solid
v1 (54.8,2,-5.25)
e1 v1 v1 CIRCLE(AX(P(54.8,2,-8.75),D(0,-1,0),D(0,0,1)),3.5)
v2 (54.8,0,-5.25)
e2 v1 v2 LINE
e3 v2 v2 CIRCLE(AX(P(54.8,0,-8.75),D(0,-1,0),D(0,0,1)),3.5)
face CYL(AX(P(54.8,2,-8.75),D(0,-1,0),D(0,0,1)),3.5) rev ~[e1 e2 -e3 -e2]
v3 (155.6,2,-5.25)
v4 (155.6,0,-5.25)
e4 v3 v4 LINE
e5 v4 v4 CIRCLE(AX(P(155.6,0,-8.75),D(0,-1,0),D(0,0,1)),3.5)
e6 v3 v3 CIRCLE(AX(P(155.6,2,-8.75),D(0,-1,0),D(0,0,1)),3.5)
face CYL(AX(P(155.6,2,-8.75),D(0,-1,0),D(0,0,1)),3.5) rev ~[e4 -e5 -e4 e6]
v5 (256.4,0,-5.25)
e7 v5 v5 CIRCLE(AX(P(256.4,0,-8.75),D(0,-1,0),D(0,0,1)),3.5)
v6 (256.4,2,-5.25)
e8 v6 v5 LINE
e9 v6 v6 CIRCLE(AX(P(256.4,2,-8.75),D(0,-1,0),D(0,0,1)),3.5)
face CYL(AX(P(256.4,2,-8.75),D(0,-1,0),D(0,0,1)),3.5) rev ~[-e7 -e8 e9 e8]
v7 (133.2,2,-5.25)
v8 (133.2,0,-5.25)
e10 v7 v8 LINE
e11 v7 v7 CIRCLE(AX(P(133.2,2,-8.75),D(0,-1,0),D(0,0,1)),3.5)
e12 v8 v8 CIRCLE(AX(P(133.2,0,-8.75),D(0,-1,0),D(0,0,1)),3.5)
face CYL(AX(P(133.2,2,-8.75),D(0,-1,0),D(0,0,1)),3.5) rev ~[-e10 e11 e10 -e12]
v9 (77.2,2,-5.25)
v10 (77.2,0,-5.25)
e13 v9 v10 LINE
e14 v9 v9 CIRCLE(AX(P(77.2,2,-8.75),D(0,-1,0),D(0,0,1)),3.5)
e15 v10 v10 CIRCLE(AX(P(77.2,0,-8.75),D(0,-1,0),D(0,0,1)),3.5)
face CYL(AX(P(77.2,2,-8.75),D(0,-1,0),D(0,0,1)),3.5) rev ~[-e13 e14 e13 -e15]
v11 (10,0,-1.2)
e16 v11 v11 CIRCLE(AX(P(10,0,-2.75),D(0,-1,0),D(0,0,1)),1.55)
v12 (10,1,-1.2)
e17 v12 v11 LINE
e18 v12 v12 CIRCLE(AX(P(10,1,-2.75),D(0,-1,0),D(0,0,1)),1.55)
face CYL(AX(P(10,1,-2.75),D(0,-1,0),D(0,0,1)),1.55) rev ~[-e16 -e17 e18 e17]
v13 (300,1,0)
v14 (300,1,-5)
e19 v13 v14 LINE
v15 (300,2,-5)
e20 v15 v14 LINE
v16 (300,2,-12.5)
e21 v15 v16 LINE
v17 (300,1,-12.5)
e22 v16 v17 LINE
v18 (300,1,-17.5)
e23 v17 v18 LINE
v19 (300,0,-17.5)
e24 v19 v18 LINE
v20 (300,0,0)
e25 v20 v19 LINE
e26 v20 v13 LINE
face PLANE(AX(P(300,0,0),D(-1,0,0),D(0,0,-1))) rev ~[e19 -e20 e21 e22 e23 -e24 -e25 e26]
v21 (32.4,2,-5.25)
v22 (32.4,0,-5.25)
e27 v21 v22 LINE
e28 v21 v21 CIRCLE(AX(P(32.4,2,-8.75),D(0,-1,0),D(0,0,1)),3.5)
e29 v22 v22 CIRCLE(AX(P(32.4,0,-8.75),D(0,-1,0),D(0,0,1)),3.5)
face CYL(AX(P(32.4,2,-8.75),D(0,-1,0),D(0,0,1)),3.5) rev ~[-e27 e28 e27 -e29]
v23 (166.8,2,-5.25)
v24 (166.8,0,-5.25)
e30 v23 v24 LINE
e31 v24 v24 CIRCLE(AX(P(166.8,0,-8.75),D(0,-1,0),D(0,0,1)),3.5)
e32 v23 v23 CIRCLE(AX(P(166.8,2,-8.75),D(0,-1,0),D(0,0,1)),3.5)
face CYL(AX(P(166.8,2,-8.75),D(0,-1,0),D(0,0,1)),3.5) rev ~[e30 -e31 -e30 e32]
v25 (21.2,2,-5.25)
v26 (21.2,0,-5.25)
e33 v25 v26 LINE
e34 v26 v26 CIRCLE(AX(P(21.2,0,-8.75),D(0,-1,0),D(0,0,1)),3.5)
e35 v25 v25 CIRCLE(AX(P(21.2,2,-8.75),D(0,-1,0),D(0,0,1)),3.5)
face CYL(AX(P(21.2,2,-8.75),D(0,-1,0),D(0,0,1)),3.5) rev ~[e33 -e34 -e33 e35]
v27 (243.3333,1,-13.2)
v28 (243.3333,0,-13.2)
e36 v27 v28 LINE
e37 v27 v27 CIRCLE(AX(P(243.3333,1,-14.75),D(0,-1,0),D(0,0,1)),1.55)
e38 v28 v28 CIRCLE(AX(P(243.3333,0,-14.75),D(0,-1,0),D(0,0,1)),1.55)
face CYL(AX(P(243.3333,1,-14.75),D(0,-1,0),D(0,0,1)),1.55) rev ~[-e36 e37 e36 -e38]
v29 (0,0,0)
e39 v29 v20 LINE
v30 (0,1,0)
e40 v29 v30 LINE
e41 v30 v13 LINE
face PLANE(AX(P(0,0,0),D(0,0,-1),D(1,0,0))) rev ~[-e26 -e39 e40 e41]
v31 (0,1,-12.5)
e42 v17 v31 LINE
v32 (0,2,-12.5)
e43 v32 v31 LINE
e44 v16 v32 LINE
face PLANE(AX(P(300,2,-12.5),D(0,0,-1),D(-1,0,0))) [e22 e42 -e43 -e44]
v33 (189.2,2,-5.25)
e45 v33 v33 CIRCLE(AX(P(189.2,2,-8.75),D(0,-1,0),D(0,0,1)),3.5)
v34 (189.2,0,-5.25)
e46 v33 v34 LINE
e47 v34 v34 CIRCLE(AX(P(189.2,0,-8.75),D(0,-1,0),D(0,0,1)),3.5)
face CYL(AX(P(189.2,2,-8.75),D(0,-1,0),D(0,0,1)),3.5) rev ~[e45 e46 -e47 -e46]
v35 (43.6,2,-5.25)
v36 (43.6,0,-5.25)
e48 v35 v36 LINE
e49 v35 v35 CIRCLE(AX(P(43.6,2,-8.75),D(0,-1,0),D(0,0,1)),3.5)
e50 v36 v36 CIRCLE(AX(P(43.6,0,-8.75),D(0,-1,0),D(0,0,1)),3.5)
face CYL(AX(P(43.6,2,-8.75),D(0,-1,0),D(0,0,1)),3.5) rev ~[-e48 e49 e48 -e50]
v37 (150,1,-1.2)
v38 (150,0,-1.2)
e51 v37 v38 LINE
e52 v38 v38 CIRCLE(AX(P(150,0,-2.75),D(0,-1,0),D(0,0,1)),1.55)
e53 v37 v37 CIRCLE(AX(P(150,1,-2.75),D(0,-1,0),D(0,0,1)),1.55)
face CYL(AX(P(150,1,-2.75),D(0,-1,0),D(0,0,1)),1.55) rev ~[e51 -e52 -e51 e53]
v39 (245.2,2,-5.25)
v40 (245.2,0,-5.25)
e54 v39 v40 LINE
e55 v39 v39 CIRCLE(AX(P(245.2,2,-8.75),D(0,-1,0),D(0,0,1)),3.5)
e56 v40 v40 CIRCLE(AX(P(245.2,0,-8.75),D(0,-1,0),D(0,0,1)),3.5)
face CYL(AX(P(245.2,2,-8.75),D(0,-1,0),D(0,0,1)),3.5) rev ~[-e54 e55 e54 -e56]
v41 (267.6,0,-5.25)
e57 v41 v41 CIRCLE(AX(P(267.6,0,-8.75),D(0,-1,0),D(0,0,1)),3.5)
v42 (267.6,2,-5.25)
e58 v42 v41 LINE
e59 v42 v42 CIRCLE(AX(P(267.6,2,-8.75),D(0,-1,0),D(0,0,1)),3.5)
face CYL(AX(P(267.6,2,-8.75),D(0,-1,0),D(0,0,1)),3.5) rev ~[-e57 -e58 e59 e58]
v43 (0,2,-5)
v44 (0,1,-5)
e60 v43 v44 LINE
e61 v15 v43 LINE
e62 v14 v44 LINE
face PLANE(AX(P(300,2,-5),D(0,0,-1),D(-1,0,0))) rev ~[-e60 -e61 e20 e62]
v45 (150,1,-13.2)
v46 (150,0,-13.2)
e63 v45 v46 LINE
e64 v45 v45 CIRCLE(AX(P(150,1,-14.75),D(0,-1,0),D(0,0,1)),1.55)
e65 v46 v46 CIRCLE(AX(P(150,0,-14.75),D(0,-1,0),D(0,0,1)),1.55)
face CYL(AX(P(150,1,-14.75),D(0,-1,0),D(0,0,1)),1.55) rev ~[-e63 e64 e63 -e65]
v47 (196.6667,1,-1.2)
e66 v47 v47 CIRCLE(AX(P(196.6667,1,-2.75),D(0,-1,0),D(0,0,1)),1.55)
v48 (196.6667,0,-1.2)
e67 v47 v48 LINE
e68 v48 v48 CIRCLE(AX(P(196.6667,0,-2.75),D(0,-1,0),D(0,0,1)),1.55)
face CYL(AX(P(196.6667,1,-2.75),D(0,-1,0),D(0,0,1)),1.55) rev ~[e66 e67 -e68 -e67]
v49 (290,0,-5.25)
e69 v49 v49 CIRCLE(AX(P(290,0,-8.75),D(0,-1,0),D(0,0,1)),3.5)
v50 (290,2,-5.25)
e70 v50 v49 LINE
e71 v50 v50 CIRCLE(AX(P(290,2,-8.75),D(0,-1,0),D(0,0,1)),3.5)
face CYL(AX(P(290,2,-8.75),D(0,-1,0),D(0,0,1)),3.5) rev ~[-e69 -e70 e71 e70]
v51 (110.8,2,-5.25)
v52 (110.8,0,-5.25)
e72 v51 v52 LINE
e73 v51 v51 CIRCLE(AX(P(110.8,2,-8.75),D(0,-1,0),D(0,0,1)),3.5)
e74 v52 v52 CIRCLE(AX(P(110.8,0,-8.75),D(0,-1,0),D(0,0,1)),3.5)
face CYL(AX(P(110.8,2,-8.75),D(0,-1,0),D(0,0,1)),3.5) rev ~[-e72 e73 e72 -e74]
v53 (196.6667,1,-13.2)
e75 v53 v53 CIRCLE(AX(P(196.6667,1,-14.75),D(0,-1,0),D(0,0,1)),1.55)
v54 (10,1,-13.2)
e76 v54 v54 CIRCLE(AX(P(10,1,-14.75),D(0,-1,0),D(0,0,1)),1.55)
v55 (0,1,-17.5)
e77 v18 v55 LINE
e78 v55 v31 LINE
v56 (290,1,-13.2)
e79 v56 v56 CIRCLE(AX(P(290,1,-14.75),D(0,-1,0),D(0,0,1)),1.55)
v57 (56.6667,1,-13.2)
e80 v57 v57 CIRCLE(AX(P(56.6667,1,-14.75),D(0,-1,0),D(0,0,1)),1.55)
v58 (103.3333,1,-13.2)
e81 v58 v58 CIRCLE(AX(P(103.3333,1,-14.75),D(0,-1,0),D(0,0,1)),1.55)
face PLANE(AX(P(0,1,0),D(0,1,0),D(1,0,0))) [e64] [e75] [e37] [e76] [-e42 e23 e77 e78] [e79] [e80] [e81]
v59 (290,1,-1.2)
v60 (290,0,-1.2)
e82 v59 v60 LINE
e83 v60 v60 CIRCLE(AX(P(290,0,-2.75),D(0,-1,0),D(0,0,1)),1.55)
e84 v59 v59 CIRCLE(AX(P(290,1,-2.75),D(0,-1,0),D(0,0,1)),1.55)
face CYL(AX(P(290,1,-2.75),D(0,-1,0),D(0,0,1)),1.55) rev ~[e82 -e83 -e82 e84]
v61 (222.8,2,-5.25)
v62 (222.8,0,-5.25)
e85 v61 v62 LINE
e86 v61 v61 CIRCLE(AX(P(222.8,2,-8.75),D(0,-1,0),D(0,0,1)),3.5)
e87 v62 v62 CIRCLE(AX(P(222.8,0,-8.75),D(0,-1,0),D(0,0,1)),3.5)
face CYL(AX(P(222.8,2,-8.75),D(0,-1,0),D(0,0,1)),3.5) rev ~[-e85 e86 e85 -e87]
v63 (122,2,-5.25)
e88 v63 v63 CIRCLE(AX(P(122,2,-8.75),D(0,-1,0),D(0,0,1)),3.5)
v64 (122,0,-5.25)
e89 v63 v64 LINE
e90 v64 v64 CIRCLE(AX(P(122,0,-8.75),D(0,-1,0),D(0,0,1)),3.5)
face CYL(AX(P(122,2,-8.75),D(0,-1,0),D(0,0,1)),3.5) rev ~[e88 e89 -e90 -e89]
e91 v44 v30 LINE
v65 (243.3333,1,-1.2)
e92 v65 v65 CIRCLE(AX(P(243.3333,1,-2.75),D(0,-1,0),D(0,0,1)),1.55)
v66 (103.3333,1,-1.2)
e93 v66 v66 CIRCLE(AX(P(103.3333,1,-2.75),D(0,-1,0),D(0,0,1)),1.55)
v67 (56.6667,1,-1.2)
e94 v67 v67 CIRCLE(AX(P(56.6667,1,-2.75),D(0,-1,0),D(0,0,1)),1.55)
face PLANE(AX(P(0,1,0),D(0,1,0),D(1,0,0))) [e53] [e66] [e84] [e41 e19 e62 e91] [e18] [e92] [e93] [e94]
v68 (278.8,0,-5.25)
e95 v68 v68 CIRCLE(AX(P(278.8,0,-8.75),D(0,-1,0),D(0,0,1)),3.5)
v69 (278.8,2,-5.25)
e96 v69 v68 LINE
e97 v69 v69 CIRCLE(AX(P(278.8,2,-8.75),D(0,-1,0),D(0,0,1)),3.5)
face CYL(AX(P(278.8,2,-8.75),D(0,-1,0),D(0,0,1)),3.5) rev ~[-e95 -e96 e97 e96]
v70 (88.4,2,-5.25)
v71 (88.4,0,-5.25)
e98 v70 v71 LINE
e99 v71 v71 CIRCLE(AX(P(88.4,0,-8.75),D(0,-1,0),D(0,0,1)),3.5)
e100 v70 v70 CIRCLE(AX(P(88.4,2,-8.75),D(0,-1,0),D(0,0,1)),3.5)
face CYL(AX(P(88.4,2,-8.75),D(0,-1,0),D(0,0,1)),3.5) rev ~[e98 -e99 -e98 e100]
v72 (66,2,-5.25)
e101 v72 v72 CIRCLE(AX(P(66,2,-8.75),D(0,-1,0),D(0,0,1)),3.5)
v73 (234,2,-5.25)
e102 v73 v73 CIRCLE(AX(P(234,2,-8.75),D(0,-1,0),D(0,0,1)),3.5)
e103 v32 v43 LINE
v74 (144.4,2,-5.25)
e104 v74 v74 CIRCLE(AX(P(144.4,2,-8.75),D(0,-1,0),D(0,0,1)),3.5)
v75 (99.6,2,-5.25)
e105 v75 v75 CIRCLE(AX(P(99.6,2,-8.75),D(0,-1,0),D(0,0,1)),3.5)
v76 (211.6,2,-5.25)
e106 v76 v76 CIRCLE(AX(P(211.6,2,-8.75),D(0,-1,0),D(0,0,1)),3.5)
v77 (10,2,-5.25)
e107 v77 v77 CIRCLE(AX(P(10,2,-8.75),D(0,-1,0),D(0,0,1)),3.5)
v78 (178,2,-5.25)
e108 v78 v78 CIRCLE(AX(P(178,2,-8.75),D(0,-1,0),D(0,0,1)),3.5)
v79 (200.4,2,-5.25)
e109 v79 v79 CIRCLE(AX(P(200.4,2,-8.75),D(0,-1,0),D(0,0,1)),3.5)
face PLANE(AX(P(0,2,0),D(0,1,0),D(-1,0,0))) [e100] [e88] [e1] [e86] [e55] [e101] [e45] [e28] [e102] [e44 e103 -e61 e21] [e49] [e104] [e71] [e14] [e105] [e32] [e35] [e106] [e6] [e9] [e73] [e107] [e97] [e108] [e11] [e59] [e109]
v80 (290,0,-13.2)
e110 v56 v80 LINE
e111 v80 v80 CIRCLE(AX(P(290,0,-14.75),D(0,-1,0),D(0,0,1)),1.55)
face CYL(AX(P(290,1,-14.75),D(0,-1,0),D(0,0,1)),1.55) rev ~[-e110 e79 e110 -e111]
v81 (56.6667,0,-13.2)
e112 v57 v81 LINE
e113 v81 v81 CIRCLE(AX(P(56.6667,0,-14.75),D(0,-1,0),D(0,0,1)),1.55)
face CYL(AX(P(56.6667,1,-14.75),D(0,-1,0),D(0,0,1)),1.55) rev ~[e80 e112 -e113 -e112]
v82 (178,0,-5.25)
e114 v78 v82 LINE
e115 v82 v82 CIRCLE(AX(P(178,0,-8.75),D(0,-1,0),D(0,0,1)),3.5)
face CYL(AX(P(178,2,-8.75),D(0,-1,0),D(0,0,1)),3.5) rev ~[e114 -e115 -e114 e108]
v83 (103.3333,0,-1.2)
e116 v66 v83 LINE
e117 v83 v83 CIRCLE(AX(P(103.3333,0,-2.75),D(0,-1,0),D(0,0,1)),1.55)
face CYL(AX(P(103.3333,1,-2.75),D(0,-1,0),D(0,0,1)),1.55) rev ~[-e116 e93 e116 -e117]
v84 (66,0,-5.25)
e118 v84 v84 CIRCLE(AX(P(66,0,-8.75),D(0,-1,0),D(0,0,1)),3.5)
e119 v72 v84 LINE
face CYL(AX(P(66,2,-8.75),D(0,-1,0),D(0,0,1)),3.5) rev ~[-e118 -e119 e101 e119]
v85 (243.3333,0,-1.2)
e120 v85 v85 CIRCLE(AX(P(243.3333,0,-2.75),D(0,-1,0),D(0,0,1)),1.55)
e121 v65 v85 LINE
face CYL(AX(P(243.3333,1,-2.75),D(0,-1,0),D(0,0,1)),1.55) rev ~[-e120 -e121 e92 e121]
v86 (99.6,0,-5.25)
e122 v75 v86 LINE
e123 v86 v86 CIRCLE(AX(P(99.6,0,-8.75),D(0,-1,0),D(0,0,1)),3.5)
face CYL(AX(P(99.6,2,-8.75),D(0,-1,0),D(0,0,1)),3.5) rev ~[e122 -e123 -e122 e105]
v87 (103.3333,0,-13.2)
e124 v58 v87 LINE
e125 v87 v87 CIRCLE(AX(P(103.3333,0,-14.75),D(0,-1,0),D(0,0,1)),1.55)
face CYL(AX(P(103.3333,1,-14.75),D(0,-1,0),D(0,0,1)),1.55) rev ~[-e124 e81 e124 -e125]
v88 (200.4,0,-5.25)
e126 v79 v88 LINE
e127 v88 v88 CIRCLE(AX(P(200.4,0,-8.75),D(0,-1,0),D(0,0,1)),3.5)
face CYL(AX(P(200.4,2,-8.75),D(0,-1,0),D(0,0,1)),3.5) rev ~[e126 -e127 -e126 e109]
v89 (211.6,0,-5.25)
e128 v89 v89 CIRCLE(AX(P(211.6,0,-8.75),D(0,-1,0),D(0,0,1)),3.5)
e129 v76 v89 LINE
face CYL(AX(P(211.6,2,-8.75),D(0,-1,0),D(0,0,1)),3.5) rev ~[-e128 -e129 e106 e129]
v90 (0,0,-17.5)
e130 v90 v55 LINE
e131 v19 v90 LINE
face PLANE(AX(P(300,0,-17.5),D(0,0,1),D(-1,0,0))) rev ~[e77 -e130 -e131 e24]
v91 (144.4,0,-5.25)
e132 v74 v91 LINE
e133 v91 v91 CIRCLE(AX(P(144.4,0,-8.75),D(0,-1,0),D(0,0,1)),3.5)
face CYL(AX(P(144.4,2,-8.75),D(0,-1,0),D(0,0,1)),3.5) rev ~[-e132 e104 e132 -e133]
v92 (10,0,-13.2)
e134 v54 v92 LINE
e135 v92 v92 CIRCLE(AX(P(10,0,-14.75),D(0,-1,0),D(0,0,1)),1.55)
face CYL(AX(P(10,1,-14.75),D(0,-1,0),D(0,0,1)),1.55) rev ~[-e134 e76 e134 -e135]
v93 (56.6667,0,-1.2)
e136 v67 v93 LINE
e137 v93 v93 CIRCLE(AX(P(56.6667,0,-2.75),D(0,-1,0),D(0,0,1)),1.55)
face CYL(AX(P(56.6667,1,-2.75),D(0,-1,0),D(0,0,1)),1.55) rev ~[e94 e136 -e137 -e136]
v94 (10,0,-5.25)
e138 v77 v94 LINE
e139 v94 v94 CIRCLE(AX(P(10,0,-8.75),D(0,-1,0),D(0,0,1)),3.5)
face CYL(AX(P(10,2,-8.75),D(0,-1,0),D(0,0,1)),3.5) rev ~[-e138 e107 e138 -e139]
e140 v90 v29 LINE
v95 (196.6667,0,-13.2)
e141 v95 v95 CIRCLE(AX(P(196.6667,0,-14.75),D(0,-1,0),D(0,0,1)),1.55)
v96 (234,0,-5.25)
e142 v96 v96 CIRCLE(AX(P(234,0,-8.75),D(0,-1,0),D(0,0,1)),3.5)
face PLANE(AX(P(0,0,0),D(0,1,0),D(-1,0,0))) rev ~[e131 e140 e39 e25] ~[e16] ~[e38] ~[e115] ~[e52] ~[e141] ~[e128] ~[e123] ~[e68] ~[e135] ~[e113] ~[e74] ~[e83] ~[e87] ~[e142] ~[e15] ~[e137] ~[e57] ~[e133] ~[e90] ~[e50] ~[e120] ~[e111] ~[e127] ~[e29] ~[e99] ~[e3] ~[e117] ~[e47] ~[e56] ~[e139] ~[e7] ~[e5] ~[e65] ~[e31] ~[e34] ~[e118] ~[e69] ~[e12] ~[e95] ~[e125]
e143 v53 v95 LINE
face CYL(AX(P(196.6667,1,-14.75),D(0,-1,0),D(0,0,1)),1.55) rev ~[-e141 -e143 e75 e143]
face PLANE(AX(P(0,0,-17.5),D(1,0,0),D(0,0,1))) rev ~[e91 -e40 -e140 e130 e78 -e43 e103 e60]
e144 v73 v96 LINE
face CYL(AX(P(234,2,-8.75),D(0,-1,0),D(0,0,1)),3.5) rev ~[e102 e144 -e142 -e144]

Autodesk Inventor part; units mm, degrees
ref_plane "YZ Plane" through (0, 0, 0) normal (1, 0, 0) x (0, 1, 0)
ref_plane "XZ Plane" through (0, 0, 0) normal (0, 1, 0) x (-1, 0, 0)
ref_plane "XY Plane" through (0, 0, 0) normal (0, 0, 1) x (1, 0, 0)
sketch "スケッチ1" plane through (0, 0, 0) normal (0, 1, 0) x (-1, 0, 0)
  line L0 (0, 0) -> (-300, 0)
  line L1 (-300, 0) -> (-300, -17.5)
  line L2 (-300, -17.5) -> (0, -17.5)
  line L3 (0, -17.5) -> (0, 0)
  dimension "d0" = 300
  dimension "d1" = 17.5
extrude "押し出し1" add sketch "スケッチ1" along normal blind 2
sketch "スケッチ2" plane through (0, 2, 0) normal (0, 1, 0) x (1, 0, 0)
  line L0 (0, 17.5) -> (0, 0) projected
  line L1 (0, 8.75) -> (300, 8.75)
  line L2 (300, 0) -> (300, 17.5) projected
  line L3 (0, 8.75) -> (300, 8.75)
  line L4 (300, 8.75) -> (300, 12.5)
  line L5 (300, 12.5) -> (0, 12.5)
  line L6 (0, 12.5) -> (0, 8.75)
  line L7 (0, 0) -> (0, 17.5)
  line L8 (300, 17.5) -> (300, 0)
  line L9 (300, 5) -> (0, 5)
  line L10 (0, 0) -> (300, 0)
  line L11 (300, 0) -> (300, 17.5)
  line L12 (300, 17.5) -> (0, 17.5)
  line L13 (0, 17.5) -> (0, 0)
  point P0 (0, 12.5)
  point P1 (0, 5)
  dimension "d4" = 3.75
extrude "押し出し2" cut sketch "スケッチ2" against normal blind 1 contours L12 L2 L5 L0 | L9 L2 L10 L0
sketch "スケッチ3" plane through (0, 1, 0) normal (0, 1, 0) x (1, 0, 0)
  line L0 (300, 5) -> (300, 12.5) projected
  line L1 (300, 8.75) -> (0, 8.75)
  line L2 (0, 12.5) -> (0, 5) projected
  line L3 (0, 5) -> (300, 5) projected
  line L4 (0, 0) -> (0, 5) projected
  point P0 (10, 2.75)
  point P1 (10, 14.75)
  point P2 (56.6667, 2.75)
  point P3 (103.3333, 2.75)
  point P4 (150, 2.75)
  point P5 (196.6667, 2.75)
  point P6 (243.3333, 2.75)
  point P7 (290, 2.75)
  point P8 (56.6667, 14.75)
  point P9 (103.3333, 14.75)
  point P10 (150, 14.75)
  point P11 (196.6667, 14.75)
  point P12 (243.3333, 14.75)
  point P13 (290, 14.75)
  dimension "d42" = 10
  dimension "d43" = 6
  dimension "d46" = 46.6667
hole "穴1" at (10, 1, -2.75) at (10, 1, -14.75) at (290, 1, -2.75) at (290, 1, -14.75) at (243.3333, 1, -2.75) at (243.3333, 1, -14.75) at (196.6667, 1, -14.75) at (196.6667, 1, -2.75) at (150, 1, -2.75) at (150, 1, -14.75) at (103.3333, 1, -14.75) at (103.3333, 1, -2.75) at (56.6667, 1, -14.75) at (56.6667, 1, -2.75) direction (0, -1, 0) diameter 3.1 end through all
sketch "スケッチ4" plane through (0, 2, 0) normal (0, 1, 0) x (1, 0, 0)
  line L0 (300, 0) -> (300, 17.5) projected
  line L1 (300, 8.75) -> (0, 8.75)
  line L2 (0, 12.5) -> (0, 5) projected
  point P0 (0, 0)
  point P1 (290, 8.75)
  point P2 (278.8, 8.75)
  point P3 (267.6, 8.75)
  point P4 (256.4, 8.75)
  point P5 (245.2, 8.75)
  point P6 (234, 8.75)
  point P7 (222.8, 8.75)
  point P8 (211.6, 8.75)
  point P9 (200.4, 8.75)
  point P10 (189.2, 8.75)
  point P11 (178, 8.75)
  point P12 (166.8, 8.75)
  point P13 (155.6, 8.75)
  point P14 (144.4, 8.75)
  point P15 (133.2, 8.75)
  point P16 (122, 8.75)
  point P17 (110.8, 8.75)
  point P18 (99.6, 8.75)
  point P19 (88.4, 8.75)
  point P20 (77.2, 8.75)
  point P21 (66, 8.75)
  point P22 (54.8, 8.75)
  point P23 (10, 8.75)
  point P24 (43.6, 8.75)
  point P25 (32.4, 8.75)
  point P26 (21.2, 8.75)
  dimension "d23" = 10
  dimension "d26" = 11.2
  dimension "d39" = 10
hole "穴2" at (290, 2, -8.75) at (278.8, 2, -8.75) at (267.6, 2, -8.75) at (256.4, 2, -8.75) at (245.2, 2, -8.75) at (234, 2, -8.75) at (222.8, 2, -8.75) at (211.6, 2, -8.75) at (200.4, 2, -8.75) at (189.2, 2, -8.75) at (178, 2, -8.75) at (166.8, 2, -8.75) at (155.6, 2, -8.75) at (144.4, 2, -8.75) at (133.2, 2, -8.75) at (122, 2, -8.75) at (110.8, 2, -8.75) at (99.6, 2, -8.75) at (88.4, 2, -8.75) at (77.2, 2, -8.75) at (66, 2, -8.75) at (54.8, 2, -8.75) at (10, 2, -8.75) at (43.6, 2, -8.75) at (32.4, 2, -8.75) at (21.2, 2, -8.75) direction (0, -1, 0) diameter 7 depth 8 tip angle 118
equation "\"d0\" = polygon2_len1"
equation "\"d4\" = 0.5 * polygon2_wid2"
equation "\"polygon2_len1\" = 300"
equation "\"polygon2_wid2\" = 7.5"
properties part number "link2plate2" material "アルミニウム 6061"
